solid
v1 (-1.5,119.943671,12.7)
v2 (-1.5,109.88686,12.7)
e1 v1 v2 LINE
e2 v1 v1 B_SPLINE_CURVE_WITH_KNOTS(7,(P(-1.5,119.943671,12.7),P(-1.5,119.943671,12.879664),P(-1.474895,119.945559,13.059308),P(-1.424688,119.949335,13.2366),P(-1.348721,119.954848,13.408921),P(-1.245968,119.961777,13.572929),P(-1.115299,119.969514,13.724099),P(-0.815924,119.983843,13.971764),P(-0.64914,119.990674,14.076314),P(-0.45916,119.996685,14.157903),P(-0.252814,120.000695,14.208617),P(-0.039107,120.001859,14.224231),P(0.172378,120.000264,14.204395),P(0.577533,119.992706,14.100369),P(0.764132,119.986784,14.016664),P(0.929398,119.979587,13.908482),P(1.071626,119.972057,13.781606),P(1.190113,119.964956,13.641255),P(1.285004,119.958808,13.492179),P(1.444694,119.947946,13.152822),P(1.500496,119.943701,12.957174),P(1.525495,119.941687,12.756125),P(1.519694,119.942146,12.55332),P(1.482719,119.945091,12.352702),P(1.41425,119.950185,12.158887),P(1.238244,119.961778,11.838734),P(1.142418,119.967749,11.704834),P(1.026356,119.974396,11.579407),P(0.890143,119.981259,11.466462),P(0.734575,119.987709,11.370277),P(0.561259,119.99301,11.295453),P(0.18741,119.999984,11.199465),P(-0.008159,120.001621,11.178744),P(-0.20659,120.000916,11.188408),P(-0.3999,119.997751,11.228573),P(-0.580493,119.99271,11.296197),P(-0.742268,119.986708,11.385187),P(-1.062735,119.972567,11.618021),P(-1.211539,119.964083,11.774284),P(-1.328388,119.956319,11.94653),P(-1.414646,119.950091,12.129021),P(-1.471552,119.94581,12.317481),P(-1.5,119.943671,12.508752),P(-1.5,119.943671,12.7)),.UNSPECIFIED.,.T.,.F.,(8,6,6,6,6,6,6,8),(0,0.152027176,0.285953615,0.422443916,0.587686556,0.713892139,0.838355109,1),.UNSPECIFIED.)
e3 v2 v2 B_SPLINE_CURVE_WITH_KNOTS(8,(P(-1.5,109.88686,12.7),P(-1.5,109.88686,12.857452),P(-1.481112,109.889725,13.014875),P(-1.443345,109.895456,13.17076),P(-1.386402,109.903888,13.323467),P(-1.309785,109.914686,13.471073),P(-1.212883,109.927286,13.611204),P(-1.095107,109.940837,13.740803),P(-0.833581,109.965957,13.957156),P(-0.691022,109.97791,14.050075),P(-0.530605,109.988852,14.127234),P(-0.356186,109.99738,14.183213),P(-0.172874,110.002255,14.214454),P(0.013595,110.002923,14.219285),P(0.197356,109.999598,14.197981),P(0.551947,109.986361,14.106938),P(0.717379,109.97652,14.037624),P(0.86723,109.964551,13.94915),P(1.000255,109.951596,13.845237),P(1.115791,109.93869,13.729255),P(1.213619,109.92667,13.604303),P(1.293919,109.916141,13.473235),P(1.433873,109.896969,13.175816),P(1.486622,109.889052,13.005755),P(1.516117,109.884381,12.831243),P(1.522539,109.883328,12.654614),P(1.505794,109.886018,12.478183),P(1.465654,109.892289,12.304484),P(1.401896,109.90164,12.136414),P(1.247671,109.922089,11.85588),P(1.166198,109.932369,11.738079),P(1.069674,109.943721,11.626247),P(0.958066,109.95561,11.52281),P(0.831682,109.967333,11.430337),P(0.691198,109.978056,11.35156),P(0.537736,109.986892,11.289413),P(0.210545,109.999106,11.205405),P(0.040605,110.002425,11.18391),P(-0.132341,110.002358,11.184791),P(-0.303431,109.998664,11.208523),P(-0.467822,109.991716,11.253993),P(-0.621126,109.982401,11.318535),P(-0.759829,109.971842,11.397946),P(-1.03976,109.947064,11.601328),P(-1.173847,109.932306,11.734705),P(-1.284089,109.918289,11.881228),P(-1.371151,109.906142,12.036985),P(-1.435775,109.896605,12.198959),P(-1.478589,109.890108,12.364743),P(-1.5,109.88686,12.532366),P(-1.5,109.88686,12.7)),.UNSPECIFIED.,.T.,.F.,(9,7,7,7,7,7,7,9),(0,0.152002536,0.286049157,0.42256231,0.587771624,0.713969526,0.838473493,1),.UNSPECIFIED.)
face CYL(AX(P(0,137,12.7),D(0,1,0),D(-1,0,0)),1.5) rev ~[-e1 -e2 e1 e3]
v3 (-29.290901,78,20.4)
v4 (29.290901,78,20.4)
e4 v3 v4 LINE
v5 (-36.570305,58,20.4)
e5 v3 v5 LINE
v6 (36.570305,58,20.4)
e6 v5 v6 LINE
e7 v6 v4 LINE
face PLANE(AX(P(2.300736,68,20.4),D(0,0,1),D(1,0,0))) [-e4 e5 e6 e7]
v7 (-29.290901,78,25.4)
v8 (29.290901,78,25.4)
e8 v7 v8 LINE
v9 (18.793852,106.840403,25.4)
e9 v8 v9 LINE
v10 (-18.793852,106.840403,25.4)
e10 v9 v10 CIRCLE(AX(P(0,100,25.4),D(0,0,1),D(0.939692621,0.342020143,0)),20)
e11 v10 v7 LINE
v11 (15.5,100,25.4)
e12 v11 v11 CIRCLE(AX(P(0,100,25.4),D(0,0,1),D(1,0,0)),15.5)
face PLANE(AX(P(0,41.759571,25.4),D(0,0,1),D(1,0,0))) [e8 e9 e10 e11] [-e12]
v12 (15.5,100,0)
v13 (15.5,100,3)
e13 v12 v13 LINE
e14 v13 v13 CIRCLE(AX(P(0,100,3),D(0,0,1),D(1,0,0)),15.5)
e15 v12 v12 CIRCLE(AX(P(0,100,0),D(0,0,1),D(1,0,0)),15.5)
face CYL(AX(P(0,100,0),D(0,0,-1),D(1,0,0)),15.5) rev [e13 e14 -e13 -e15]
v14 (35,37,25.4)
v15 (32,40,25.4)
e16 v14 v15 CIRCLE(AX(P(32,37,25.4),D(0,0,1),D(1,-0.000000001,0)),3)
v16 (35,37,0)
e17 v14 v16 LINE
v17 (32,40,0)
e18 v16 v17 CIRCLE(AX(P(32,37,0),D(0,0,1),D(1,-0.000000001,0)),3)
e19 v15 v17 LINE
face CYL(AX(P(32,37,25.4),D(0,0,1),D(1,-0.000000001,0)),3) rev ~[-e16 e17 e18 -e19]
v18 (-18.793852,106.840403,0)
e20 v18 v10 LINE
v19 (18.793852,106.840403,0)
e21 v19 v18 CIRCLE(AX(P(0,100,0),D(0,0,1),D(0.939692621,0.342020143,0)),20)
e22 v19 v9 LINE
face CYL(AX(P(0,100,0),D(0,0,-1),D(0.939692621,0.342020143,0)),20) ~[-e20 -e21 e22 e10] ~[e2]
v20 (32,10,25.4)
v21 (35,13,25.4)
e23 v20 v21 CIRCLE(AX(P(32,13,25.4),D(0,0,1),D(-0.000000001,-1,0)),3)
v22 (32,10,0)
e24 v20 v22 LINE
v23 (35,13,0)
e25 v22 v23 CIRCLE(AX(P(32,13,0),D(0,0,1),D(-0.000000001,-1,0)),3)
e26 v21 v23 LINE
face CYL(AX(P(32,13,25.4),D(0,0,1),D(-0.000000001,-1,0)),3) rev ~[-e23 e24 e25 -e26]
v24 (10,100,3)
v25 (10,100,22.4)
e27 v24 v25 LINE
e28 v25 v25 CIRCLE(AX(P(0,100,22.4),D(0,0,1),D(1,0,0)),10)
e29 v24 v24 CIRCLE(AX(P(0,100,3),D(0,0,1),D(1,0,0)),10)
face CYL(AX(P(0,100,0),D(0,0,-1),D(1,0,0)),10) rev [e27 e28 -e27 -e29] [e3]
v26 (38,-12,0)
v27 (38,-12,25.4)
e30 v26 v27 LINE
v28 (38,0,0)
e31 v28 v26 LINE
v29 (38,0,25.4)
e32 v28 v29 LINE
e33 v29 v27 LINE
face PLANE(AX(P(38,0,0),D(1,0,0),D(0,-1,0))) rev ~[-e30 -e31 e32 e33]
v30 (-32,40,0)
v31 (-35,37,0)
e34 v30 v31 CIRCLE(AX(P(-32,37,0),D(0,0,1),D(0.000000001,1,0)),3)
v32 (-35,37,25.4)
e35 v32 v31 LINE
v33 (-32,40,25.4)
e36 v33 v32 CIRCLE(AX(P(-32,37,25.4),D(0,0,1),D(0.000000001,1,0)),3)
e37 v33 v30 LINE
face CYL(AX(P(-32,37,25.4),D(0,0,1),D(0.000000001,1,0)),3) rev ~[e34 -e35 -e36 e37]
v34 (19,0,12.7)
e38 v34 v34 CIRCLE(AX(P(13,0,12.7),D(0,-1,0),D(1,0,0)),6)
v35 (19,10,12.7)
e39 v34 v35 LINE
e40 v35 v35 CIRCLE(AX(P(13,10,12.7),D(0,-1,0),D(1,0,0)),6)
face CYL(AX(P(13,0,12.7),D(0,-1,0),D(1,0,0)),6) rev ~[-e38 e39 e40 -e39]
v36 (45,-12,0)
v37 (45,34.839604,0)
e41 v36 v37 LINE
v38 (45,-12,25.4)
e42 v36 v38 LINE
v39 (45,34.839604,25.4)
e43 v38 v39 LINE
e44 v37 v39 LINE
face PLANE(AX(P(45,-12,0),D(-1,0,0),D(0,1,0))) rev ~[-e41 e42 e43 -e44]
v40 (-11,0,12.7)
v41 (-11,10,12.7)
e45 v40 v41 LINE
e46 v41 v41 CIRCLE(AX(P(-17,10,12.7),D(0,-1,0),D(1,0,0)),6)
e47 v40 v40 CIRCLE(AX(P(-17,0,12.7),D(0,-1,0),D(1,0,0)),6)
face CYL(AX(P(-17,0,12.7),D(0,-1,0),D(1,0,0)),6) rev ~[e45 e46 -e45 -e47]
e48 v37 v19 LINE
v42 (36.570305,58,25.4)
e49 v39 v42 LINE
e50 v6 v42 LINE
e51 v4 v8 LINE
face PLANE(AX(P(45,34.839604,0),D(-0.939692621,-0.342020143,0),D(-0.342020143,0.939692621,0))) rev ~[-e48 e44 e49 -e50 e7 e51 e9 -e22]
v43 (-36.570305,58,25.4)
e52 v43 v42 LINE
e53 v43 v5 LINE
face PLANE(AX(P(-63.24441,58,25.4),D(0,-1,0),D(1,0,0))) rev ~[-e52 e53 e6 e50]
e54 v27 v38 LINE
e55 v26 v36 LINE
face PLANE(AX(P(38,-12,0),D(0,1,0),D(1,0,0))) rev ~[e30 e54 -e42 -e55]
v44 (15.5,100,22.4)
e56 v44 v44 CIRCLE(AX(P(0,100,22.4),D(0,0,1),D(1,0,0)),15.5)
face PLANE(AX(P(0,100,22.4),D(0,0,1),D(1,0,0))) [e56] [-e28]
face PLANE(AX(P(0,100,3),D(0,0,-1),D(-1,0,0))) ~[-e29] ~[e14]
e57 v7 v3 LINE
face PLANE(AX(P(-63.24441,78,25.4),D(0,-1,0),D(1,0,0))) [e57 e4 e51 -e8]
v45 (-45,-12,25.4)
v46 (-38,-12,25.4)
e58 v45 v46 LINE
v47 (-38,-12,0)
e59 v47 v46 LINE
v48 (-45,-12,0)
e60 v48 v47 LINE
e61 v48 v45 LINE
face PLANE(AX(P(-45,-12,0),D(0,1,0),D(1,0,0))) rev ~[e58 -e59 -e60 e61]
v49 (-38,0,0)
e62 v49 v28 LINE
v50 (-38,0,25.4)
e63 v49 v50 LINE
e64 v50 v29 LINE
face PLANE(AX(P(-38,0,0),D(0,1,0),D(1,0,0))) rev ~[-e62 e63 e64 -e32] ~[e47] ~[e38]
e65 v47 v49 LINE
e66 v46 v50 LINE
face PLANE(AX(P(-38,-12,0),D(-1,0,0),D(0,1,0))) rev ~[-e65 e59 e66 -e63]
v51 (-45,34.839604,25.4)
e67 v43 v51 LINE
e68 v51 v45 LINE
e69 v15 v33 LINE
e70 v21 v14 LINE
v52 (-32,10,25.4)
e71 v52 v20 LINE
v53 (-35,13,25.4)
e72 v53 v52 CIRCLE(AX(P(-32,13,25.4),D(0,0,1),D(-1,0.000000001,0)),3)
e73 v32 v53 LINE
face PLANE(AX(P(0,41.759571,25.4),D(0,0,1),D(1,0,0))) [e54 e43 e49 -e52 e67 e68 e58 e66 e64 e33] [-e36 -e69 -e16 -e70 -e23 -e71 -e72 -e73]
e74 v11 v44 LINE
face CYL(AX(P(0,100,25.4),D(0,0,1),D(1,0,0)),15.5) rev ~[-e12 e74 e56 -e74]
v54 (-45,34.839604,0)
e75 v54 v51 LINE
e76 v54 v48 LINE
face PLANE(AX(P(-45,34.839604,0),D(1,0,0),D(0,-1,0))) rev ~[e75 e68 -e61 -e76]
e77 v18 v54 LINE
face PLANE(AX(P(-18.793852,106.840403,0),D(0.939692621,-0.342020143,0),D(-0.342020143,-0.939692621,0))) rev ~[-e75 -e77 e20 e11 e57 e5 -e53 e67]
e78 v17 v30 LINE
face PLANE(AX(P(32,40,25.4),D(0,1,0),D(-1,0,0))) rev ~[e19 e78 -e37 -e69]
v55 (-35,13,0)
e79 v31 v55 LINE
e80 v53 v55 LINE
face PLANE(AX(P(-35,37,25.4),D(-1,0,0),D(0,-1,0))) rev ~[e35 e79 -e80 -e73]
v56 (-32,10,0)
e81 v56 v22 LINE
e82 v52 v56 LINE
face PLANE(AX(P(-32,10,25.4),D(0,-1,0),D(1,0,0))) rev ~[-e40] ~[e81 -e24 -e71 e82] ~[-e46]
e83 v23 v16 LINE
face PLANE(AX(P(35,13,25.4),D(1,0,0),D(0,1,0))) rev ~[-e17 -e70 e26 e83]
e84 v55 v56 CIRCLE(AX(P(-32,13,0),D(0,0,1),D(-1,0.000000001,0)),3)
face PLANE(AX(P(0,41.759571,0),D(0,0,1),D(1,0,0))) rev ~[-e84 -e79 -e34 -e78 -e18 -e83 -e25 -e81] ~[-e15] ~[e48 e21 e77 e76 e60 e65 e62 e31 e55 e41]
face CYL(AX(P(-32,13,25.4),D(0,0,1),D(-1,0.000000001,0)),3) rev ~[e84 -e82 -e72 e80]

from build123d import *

# Parameters (mm, degrees)
SKETCH1_R          = 10
EXTRUDE1_DEPTH     = 25.4
CUT_EXTRUDE1_DEPTH = 26.4
CUT_EXTRUDE2_REACH = 122
SKETCH5_R          = 6
CUT_EXTRUDE3_REACH = 151
SKETCH6_R          = 1.5
SKETCH7_W          = 131.09029237
SKETCH7_H          = 20
EXTRUDE2_DEPTH     = 5
SKETCH8_R          = 15.5
SKETCH8_R_2        = 10
EXTRUDE3_DEPTH     = 3


with BuildPart() as part:
    # Sketch1 → Extrude1 (new body)
    with BuildSketch(Plane.XY):
        with BuildLine():
            Line((-38, 0), (38, 0))
            Line((38, 0), (38, -12))
            Line((38, -12), (45, -12))
            Line((45, -12), (45, 34.839604128))
            Line((45, 34.839604128), (18.793852416, 106.840402867))
            ThreePointArc((18.793852416, 106.840402867), (0, 120), (-18.793852416, 106.840402867))
            Line((-18.793852416, 106.840402867), (-45, 34.839604128))
            Line((-45, 34.839604128), (-45, -12))
            Line((-45, -12), (-38, -12))
            Line((-38, -12), (-38, 0))
        make_face()
        with Locations((0, 100)):
            Circle(SKETCH1_R, mode=Mode.SUBTRACT)
    extrude(amount=EXTRUDE1_DEPTH)

    # Sketch2 → Cut-Extrude1 (cut, through all)
    with BuildSketch(Plane.XY.offset(25.4)):
        with BuildLine():
            Line((-32, 10), (32, 10))
            ThreePointArc((32, 10), (34.121320344, 10.878679656), (35, 13))
            Line((35, 13), (35, 37))
            ThreePointArc((35, 37), (34.121320344, 39.121320344), (32, 40))
            Line((32, 40), (-32, 40))
            ThreePointArc((-32, 40), (-34.121320344, 39.121320344), (-35, 37))
            Line((-35, 37), (-35, 13))
            ThreePointArc((-35, 13), (-34.121320344, 10.878679656), (-32, 10))
        make_face()
    extrude(amount=-CUT_EXTRUDE1_DEPTH, mode=Mode.SUBTRACT)

    # Sketch5 → Cut-Extrude2 (cut, up to next)
    with BuildSketch(Plane.XZ, mode=Mode.PRIVATE) as cut_extrude2_sk1:
        with Locations((13, 12.7)):
            Circle(SKETCH5_R)
    cut_extrude2_tool1 = extrude(cut_extrude2_sk1.sketch, amount=-CUT_EXTRUDE2_REACH, mode=Mode.PRIVATE) & part.part
    add(cut_extrude2_tool1.solids().sort_by_distance((13, 0, 12.7))[0], mode=Mode.SUBTRACT)
    # Sketch5 → Cut-Extrude2 (cut, up to next)
    with BuildSketch(Plane.XZ, mode=Mode.PRIVATE) as cut_extrude2_sk2:
        with Locations((-17, 12.7)):
            Circle(SKETCH5_R)
    cut_extrude2_tool2 = extrude(cut_extrude2_sk2.sketch, amount=-CUT_EXTRUDE2_REACH, mode=Mode.PRIVATE) & part.part
    add(cut_extrude2_tool2.solids().sort_by_distance((-17, 0, 12.7))[0], mode=Mode.SUBTRACT)

    # Sketch6 → Cut-Extrude3 (cut, up to next)
    with BuildSketch(Plane(origin=(0, 137, 0), x_dir=(-1, 0, 0), z_dir=(0, 1, 0)), mode=Mode.PRIVATE) as cut_extrude3_sk1:
        with Locations((0, 12.7)):
            Circle(SKETCH6_R)
    cut_extrude3_tool1 = extrude(cut_extrude3_sk1.sketch, amount=-CUT_EXTRUDE3_REACH, mode=Mode.PRIVATE) & part.part
    add(cut_extrude3_tool1.solids().sort_by_distance((0, 137, 12.7))[0], mode=Mode.SUBTRACT)

    # Sketch7 → Extrude2 (cut)
    with BuildSketch(Plane.XY.offset(25.4)):
        with Locations((2.300736004, 68)):
            Rectangle(SKETCH7_W, SKETCH7_H)
    extrude(amount=-EXTRUDE2_DEPTH, mode=Mode.SUBTRACT)

    # Sketch8 → Extrude3 (cut)
    with BuildSketch(Plane.XY.offset(25.4)):
        with Locations((0, 100)):
            Circle(SKETCH8_R)
        with Locations((0, 100)):
            Circle(SKETCH8_R_2, mode=Mode.SUBTRACT)
    extrude3 = extrude(amount=-EXTRUDE3_DEPTH, mode=Mode.SUBTRACT)

    # Mirror1: Extrude3 across plane
    add(extrude3.mirror(Plane.XY.offset(12.7)), mode=Mode.SUBTRACT)


solid = part.part
